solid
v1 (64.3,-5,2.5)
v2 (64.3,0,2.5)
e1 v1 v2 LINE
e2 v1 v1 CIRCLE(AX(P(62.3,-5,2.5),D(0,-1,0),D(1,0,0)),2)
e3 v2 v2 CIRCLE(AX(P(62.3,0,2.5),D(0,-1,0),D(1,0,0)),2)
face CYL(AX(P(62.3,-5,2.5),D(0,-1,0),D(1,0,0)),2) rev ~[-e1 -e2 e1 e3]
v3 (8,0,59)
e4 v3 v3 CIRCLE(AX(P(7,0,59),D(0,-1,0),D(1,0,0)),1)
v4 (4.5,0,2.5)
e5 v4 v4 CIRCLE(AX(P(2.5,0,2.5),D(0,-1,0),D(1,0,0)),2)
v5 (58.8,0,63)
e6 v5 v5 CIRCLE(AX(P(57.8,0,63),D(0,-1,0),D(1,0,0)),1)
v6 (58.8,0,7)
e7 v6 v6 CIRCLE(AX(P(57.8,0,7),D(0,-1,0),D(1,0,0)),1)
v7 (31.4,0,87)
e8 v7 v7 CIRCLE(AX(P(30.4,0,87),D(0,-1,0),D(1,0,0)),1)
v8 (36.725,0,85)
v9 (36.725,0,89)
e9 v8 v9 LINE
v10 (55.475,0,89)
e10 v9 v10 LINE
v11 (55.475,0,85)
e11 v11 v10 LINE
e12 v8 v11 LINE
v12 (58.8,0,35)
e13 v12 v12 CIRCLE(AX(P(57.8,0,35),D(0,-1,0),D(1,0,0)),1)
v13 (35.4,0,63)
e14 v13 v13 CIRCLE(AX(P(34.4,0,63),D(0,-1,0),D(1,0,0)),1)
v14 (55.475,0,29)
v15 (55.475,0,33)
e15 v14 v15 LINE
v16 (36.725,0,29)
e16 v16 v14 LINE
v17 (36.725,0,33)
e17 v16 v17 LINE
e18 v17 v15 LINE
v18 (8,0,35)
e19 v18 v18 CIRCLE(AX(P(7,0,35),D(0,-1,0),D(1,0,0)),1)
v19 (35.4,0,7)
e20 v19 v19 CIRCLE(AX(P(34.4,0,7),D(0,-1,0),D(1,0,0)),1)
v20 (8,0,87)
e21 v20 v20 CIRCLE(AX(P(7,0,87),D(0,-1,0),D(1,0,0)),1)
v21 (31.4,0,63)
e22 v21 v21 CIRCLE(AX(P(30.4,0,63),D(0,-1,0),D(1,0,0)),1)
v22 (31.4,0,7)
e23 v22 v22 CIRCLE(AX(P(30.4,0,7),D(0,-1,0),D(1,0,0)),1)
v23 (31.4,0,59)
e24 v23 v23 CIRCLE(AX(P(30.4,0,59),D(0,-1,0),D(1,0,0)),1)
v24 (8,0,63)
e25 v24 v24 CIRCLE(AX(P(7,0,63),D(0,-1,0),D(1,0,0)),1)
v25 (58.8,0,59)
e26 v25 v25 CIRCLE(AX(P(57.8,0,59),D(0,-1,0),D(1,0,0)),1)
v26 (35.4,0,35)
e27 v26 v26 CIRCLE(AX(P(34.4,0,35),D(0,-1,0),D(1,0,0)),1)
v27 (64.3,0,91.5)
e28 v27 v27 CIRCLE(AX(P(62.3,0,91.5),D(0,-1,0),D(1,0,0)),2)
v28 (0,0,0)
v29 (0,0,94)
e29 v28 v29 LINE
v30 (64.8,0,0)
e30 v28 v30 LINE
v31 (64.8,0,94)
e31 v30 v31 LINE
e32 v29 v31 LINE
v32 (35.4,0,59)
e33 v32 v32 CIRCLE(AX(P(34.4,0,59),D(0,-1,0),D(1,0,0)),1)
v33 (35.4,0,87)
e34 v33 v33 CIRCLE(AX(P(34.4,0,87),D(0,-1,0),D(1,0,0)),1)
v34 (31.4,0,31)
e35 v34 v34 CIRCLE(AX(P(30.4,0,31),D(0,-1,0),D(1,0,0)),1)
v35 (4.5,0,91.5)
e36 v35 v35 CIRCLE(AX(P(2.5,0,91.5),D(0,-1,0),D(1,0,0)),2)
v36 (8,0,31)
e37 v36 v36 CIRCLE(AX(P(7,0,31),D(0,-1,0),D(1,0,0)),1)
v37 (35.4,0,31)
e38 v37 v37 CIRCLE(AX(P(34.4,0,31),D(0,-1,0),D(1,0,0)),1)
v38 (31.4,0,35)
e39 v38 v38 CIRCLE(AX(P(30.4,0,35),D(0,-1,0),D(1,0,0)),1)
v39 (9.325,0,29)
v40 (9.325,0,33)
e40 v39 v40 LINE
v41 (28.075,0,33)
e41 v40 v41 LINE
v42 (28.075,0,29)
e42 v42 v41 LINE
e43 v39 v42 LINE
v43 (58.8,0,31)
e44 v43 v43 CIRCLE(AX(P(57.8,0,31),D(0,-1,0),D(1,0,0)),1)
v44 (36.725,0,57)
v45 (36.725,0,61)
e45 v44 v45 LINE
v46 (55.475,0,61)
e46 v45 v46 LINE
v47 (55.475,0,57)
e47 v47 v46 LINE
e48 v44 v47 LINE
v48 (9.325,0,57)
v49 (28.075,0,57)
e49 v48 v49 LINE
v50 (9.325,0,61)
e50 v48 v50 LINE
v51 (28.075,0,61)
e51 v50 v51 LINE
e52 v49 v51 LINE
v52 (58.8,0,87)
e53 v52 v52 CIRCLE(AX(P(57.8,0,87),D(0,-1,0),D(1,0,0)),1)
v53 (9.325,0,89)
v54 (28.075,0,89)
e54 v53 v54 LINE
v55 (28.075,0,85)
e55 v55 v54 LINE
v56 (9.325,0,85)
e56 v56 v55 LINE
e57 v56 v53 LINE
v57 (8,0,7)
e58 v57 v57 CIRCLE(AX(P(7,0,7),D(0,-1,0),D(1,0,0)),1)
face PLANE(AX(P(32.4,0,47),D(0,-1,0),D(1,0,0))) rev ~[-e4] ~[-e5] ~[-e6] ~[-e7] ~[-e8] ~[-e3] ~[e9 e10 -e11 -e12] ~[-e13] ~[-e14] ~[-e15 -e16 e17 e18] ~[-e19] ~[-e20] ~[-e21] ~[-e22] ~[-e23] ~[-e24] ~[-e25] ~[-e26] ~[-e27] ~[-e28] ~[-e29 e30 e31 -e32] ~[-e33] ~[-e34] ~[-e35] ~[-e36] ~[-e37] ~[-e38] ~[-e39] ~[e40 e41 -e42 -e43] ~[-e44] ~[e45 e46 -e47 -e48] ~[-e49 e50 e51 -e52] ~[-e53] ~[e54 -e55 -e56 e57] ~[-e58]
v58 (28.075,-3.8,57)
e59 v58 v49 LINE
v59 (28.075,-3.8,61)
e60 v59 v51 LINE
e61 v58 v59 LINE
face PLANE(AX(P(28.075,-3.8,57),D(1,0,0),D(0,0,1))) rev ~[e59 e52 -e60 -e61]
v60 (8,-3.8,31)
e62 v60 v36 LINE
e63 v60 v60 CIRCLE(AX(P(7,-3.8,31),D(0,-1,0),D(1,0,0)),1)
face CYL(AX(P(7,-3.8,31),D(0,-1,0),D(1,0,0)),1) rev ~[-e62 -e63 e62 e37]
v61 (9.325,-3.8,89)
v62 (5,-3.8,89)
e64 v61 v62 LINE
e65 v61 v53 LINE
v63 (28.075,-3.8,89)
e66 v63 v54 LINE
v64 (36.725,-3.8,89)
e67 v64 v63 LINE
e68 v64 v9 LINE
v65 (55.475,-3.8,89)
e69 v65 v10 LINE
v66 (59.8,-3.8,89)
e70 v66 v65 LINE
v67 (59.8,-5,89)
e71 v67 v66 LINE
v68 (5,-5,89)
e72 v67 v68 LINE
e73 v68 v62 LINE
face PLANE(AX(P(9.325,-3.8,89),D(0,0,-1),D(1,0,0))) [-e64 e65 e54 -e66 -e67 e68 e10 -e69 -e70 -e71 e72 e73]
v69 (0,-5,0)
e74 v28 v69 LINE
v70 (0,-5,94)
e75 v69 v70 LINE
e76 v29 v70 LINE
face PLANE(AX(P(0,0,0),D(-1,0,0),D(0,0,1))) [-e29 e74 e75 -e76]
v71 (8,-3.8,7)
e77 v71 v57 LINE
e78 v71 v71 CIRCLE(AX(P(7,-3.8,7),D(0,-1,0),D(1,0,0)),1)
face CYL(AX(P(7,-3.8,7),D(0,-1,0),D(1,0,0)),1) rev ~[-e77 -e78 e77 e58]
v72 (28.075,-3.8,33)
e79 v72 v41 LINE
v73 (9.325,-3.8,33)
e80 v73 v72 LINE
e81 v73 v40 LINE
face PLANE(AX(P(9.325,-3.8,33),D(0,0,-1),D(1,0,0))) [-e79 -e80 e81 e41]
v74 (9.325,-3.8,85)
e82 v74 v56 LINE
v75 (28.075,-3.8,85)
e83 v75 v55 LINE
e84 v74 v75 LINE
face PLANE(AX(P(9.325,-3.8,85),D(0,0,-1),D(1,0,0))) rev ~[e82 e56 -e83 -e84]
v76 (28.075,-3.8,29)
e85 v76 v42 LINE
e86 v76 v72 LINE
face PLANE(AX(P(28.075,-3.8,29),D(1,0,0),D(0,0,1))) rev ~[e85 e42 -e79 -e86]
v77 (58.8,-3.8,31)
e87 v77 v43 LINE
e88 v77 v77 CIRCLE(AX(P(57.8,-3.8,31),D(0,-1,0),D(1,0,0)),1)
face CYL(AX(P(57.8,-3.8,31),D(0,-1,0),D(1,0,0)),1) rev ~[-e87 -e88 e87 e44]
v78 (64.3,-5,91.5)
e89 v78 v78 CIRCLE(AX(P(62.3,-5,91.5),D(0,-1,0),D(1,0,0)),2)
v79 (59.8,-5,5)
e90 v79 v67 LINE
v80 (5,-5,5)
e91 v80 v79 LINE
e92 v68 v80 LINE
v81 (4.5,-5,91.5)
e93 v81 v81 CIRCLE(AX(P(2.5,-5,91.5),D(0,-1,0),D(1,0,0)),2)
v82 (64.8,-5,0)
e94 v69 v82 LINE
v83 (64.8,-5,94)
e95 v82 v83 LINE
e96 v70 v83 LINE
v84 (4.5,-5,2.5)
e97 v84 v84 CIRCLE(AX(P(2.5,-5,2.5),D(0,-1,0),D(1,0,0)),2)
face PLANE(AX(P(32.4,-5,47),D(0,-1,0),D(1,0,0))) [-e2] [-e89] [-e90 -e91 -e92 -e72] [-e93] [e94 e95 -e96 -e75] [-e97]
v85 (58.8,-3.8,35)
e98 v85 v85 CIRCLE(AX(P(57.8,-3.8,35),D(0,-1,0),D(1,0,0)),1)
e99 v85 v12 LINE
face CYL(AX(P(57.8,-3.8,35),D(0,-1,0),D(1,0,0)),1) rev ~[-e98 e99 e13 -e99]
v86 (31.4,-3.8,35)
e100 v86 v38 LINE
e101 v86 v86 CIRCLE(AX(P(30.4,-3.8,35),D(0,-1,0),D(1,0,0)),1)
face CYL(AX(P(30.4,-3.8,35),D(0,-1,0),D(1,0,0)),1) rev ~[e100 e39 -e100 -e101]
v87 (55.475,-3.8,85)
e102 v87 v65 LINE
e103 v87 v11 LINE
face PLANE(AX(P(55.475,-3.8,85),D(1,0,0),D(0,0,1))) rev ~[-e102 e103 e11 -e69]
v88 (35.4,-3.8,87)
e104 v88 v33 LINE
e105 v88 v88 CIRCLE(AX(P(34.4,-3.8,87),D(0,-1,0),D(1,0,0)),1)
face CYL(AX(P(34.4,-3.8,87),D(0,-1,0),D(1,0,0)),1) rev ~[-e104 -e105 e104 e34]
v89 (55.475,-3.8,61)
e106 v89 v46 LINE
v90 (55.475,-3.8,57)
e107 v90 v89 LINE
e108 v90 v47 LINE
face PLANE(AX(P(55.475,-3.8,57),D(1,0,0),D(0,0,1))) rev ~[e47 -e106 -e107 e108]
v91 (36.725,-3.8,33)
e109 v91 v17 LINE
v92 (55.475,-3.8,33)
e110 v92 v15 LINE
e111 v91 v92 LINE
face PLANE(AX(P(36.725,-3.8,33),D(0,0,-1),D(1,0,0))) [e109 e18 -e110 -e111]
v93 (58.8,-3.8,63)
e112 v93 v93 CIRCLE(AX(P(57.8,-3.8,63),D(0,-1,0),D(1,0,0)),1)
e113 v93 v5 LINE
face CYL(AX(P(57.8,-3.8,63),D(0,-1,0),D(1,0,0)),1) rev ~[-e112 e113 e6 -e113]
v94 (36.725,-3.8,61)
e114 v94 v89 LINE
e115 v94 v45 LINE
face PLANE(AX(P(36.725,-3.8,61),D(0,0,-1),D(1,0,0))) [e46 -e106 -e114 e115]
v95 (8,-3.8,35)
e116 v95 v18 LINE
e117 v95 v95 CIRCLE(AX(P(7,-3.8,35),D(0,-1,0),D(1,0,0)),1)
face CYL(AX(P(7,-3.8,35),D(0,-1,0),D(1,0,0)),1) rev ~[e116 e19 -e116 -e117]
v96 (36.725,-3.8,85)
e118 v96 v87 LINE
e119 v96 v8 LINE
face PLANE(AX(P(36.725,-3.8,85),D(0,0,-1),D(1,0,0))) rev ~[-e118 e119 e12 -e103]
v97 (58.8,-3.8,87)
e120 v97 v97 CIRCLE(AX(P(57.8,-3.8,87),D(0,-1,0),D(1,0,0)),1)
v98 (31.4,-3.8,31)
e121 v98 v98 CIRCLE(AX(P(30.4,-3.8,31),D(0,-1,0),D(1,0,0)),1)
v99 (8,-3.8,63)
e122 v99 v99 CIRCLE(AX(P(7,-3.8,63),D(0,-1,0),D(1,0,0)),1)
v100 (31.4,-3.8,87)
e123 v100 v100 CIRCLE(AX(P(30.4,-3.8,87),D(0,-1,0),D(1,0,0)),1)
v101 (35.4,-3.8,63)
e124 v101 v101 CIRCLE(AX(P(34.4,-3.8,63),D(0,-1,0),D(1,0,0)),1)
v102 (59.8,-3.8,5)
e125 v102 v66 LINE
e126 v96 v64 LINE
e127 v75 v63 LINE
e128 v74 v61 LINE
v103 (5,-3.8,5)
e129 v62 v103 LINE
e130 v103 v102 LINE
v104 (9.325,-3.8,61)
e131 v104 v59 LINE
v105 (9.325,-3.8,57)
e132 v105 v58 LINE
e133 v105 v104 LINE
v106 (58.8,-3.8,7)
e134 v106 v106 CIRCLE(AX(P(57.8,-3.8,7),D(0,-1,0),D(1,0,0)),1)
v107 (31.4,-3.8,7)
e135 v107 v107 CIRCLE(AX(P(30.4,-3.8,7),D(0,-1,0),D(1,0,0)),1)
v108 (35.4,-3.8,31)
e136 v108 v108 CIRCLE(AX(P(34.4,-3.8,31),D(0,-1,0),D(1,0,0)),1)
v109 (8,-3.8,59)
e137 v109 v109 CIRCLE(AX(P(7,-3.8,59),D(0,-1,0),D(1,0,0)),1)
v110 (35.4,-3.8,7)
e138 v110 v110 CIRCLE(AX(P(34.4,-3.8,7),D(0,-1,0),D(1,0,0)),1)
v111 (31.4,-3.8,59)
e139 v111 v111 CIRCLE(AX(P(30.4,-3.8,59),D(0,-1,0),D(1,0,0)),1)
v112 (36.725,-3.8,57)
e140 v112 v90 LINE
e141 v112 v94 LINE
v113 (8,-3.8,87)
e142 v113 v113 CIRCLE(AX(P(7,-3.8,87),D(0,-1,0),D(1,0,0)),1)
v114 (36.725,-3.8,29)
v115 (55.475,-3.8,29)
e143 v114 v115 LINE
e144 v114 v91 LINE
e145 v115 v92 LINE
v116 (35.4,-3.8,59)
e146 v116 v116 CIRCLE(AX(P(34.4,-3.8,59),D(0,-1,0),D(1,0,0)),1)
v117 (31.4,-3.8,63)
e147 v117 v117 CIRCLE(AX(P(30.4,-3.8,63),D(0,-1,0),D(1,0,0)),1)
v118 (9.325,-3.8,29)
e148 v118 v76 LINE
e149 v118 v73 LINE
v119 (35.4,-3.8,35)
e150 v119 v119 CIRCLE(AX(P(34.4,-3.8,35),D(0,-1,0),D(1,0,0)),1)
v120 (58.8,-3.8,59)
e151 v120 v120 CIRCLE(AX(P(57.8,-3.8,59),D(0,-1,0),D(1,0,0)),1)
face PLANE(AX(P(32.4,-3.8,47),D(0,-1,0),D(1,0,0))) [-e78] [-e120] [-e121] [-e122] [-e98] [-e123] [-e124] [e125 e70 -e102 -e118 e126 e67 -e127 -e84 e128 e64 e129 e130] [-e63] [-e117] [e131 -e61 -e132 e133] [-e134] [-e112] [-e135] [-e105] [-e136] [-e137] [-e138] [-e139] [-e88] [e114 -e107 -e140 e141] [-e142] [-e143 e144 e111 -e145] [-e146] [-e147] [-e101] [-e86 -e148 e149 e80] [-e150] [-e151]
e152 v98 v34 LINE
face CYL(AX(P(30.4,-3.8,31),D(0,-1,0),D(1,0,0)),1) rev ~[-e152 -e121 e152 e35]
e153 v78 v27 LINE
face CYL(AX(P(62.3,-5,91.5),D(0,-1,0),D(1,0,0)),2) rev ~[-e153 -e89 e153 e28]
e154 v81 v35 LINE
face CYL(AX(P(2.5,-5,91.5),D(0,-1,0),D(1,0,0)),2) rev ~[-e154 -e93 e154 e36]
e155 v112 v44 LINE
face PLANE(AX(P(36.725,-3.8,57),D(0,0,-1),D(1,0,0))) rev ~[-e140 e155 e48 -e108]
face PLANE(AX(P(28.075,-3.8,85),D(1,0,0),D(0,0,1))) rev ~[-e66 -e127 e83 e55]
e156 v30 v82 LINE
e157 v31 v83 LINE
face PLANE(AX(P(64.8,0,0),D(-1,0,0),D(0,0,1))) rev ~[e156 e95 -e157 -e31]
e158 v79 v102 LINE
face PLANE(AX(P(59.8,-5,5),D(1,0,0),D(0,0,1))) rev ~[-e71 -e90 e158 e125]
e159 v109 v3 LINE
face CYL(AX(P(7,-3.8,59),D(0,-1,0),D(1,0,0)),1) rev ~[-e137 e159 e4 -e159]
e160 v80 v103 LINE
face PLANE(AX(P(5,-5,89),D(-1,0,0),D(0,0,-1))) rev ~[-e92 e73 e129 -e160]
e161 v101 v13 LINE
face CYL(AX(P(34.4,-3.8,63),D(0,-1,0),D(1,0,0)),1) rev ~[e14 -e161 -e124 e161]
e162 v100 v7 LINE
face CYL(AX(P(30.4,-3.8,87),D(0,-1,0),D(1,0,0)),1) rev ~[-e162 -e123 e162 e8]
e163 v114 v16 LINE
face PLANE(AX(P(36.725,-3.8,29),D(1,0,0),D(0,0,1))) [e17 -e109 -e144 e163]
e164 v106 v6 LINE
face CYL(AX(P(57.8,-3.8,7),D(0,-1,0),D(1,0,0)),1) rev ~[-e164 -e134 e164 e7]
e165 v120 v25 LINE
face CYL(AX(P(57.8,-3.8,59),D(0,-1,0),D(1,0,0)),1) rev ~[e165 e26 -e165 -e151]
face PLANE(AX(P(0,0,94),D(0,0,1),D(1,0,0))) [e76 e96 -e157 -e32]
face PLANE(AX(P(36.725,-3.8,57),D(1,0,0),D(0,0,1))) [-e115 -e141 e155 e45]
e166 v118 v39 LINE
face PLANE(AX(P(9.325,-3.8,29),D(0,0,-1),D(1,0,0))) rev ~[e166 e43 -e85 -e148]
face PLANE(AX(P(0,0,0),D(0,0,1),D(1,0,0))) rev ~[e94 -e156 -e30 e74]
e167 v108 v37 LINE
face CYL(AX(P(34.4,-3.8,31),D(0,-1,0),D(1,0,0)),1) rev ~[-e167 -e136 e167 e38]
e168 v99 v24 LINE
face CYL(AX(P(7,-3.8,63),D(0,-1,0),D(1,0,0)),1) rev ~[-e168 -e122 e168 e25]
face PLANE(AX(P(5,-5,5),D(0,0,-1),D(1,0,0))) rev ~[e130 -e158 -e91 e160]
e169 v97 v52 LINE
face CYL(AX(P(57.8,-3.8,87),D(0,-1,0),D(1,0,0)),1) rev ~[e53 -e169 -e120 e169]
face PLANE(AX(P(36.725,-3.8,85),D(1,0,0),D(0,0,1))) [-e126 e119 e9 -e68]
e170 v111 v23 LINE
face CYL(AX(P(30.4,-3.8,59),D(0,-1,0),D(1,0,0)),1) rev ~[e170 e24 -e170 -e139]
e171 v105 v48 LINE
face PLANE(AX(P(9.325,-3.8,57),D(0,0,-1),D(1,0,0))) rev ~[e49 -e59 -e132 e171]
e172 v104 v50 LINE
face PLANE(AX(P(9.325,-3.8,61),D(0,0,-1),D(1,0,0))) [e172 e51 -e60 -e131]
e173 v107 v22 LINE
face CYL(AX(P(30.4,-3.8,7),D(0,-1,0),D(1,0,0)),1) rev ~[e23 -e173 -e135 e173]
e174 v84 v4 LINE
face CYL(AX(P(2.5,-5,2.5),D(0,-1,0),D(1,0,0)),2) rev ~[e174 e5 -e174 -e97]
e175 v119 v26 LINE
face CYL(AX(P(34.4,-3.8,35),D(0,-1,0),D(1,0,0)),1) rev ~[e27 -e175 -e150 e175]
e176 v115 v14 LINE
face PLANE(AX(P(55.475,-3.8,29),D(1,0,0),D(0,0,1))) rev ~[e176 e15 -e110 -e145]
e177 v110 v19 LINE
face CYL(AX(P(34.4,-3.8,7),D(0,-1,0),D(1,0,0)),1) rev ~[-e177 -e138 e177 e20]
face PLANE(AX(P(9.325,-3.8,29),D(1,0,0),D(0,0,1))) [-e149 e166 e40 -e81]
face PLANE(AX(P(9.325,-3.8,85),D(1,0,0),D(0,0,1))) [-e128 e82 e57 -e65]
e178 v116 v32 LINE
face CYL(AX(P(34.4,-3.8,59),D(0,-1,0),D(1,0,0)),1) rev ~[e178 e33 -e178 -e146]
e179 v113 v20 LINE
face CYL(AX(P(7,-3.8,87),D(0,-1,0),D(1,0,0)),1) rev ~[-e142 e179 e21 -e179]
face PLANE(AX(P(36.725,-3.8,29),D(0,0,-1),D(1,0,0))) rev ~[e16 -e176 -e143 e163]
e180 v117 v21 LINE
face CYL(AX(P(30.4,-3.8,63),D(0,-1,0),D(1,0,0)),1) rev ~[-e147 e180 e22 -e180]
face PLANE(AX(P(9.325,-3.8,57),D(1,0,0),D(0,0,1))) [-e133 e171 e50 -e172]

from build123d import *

# Parameters (mm, degrees)
SKETCH_W        = 64.8
SKETCH_H        = 94
PAD_DEPTH       = 5
POCKET_DEPTH    = 1.2
SKETCH002_R     = 1
POCKET001_DEPTH = 3.801
SKETCH003_W     = 18.75
SKETCH003_H     = 4
POCKET002_DEPTH = 3.801
SKETCH004_R     = 2
POCKET003_DEPTH = 5.001


with BuildPart() as part:
    # Sketch → Pad (new body)
    with BuildSketch(Plane.XZ):
        with Locations((32.4, 47)):
            Rectangle(SKETCH_W, SKETCH_H)
    extrude(amount=PAD_DEPTH)

    # Sketch001 (on Face6 of Pad) → Pocket (cut)
    with BuildSketch(Plane.XZ.offset(5)):
        Polygon((5, 5), (32.4, 5), (59.8, 5), (59.8, 33), (59.8, 61), (59.8, 89), (32.4, 89), (5, 89), (5, 61), (5, 33), align=None)
    extrude(amount=-POCKET_DEPTH, mode=Mode.SUBTRACT)

    # Sketch002 (on Face17 of Pocket) → Pocket001 (cut, through all)
    with BuildSketch(Plane.XZ.offset(3.8)):
        with Locations((7, 87)):
            Circle(SKETCH002_R)
        with Locations((30.4, 87)):
            Circle(SKETCH002_R)
        with Locations((34.4, 87)):
            Circle(SKETCH002_R)
        with Locations((57.8, 87)):
            Circle(SKETCH002_R)
        with Locations((7, 63)):
            Circle(SKETCH002_R)
        with Locations((30.4, 63)):
            Circle(SKETCH002_R)
        with Locations((34.4, 63)):
            Circle(SKETCH002_R)
        with Locations((57.8, 63)):
            Circle(SKETCH002_R)
        with Locations((57.8, 59)):
            Circle(SKETCH002_R)
        with Locations((34.4, 59)):
            Circle(SKETCH002_R)
        with Locations((30.4, 59)):
            Circle(SKETCH002_R)
        with Locations((7, 59)):
            Circle(SKETCH002_R)
        with Locations((7, 35)):
            Circle(SKETCH002_R)
        with Locations((7, 31)):
            Circle(SKETCH002_R)
        with Locations((30.4, 31)):
            Circle(SKETCH002_R)
        with Locations((30.4, 35)):
            Circle(SKETCH002_R)
        with Locations((34.4, 35)):
            Circle(SKETCH002_R)
        with Locations((34.4, 31)):
            Circle(SKETCH002_R)
        with Locations((57.8, 31)):
            Circle(SKETCH002_R)
        with Locations((57.8, 35)):
            Circle(SKETCH002_R)
        with Locations((7, 7)):
            Circle(SKETCH002_R)
        with Locations((30.4, 7)):
            Circle(SKETCH002_R)
        with Locations((34.4, 7)):
            Circle(SKETCH002_R)
        with Locations((57.8, 7)):
            Circle(SKETCH002_R)
    extrude(amount=-POCKET001_DEPTH, mode=Mode.SUBTRACT)

    # Sketch003 (on Face41 of Pocket001) → Pocket002 (cut, through all)
    with BuildSketch(Plane.XZ.offset(3.8)):
        with Locations((18.7, 31)):
            Rectangle(SKETCH003_W, SKETCH003_H)
        with Locations((46.1, 31)):
            Rectangle(SKETCH003_W, SKETCH003_H)
        with Locations((18.7, 59)):
            Rectangle(SKETCH003_W, SKETCH003_H)
        with Locations((46.1, 59)):
            Rectangle(SKETCH003_W, SKETCH003_H)
        with Locations((18.7, 87)):
            Rectangle(SKETCH003_W, SKETCH003_H)
        with Locations((46.1, 87)):
            Rectangle(SKETCH003_W, SKETCH003_H)
    extrude(amount=-POCKET002_DEPTH, mode=Mode.SUBTRACT)

    # Sketch004 (on Face5 of Pocket002) → Pocket003 (cut, through all)
    with BuildSketch(Plane.XZ.offset(5)):
        with Locations((2.5, 2.5)):
            Circle(SKETCH004_R)
        with Locations((62.3, 2.5)):
            Circle(SKETCH004_R)
        with Locations((2.5, 91.5)):
            Circle(SKETCH004_R)
        with Locations((62.3, 91.5)):
            Circle(SKETCH004_R)
    extrude(amount=-POCKET003_DEPTH, mode=Mode.SUBTRACT)


solid = part.part
